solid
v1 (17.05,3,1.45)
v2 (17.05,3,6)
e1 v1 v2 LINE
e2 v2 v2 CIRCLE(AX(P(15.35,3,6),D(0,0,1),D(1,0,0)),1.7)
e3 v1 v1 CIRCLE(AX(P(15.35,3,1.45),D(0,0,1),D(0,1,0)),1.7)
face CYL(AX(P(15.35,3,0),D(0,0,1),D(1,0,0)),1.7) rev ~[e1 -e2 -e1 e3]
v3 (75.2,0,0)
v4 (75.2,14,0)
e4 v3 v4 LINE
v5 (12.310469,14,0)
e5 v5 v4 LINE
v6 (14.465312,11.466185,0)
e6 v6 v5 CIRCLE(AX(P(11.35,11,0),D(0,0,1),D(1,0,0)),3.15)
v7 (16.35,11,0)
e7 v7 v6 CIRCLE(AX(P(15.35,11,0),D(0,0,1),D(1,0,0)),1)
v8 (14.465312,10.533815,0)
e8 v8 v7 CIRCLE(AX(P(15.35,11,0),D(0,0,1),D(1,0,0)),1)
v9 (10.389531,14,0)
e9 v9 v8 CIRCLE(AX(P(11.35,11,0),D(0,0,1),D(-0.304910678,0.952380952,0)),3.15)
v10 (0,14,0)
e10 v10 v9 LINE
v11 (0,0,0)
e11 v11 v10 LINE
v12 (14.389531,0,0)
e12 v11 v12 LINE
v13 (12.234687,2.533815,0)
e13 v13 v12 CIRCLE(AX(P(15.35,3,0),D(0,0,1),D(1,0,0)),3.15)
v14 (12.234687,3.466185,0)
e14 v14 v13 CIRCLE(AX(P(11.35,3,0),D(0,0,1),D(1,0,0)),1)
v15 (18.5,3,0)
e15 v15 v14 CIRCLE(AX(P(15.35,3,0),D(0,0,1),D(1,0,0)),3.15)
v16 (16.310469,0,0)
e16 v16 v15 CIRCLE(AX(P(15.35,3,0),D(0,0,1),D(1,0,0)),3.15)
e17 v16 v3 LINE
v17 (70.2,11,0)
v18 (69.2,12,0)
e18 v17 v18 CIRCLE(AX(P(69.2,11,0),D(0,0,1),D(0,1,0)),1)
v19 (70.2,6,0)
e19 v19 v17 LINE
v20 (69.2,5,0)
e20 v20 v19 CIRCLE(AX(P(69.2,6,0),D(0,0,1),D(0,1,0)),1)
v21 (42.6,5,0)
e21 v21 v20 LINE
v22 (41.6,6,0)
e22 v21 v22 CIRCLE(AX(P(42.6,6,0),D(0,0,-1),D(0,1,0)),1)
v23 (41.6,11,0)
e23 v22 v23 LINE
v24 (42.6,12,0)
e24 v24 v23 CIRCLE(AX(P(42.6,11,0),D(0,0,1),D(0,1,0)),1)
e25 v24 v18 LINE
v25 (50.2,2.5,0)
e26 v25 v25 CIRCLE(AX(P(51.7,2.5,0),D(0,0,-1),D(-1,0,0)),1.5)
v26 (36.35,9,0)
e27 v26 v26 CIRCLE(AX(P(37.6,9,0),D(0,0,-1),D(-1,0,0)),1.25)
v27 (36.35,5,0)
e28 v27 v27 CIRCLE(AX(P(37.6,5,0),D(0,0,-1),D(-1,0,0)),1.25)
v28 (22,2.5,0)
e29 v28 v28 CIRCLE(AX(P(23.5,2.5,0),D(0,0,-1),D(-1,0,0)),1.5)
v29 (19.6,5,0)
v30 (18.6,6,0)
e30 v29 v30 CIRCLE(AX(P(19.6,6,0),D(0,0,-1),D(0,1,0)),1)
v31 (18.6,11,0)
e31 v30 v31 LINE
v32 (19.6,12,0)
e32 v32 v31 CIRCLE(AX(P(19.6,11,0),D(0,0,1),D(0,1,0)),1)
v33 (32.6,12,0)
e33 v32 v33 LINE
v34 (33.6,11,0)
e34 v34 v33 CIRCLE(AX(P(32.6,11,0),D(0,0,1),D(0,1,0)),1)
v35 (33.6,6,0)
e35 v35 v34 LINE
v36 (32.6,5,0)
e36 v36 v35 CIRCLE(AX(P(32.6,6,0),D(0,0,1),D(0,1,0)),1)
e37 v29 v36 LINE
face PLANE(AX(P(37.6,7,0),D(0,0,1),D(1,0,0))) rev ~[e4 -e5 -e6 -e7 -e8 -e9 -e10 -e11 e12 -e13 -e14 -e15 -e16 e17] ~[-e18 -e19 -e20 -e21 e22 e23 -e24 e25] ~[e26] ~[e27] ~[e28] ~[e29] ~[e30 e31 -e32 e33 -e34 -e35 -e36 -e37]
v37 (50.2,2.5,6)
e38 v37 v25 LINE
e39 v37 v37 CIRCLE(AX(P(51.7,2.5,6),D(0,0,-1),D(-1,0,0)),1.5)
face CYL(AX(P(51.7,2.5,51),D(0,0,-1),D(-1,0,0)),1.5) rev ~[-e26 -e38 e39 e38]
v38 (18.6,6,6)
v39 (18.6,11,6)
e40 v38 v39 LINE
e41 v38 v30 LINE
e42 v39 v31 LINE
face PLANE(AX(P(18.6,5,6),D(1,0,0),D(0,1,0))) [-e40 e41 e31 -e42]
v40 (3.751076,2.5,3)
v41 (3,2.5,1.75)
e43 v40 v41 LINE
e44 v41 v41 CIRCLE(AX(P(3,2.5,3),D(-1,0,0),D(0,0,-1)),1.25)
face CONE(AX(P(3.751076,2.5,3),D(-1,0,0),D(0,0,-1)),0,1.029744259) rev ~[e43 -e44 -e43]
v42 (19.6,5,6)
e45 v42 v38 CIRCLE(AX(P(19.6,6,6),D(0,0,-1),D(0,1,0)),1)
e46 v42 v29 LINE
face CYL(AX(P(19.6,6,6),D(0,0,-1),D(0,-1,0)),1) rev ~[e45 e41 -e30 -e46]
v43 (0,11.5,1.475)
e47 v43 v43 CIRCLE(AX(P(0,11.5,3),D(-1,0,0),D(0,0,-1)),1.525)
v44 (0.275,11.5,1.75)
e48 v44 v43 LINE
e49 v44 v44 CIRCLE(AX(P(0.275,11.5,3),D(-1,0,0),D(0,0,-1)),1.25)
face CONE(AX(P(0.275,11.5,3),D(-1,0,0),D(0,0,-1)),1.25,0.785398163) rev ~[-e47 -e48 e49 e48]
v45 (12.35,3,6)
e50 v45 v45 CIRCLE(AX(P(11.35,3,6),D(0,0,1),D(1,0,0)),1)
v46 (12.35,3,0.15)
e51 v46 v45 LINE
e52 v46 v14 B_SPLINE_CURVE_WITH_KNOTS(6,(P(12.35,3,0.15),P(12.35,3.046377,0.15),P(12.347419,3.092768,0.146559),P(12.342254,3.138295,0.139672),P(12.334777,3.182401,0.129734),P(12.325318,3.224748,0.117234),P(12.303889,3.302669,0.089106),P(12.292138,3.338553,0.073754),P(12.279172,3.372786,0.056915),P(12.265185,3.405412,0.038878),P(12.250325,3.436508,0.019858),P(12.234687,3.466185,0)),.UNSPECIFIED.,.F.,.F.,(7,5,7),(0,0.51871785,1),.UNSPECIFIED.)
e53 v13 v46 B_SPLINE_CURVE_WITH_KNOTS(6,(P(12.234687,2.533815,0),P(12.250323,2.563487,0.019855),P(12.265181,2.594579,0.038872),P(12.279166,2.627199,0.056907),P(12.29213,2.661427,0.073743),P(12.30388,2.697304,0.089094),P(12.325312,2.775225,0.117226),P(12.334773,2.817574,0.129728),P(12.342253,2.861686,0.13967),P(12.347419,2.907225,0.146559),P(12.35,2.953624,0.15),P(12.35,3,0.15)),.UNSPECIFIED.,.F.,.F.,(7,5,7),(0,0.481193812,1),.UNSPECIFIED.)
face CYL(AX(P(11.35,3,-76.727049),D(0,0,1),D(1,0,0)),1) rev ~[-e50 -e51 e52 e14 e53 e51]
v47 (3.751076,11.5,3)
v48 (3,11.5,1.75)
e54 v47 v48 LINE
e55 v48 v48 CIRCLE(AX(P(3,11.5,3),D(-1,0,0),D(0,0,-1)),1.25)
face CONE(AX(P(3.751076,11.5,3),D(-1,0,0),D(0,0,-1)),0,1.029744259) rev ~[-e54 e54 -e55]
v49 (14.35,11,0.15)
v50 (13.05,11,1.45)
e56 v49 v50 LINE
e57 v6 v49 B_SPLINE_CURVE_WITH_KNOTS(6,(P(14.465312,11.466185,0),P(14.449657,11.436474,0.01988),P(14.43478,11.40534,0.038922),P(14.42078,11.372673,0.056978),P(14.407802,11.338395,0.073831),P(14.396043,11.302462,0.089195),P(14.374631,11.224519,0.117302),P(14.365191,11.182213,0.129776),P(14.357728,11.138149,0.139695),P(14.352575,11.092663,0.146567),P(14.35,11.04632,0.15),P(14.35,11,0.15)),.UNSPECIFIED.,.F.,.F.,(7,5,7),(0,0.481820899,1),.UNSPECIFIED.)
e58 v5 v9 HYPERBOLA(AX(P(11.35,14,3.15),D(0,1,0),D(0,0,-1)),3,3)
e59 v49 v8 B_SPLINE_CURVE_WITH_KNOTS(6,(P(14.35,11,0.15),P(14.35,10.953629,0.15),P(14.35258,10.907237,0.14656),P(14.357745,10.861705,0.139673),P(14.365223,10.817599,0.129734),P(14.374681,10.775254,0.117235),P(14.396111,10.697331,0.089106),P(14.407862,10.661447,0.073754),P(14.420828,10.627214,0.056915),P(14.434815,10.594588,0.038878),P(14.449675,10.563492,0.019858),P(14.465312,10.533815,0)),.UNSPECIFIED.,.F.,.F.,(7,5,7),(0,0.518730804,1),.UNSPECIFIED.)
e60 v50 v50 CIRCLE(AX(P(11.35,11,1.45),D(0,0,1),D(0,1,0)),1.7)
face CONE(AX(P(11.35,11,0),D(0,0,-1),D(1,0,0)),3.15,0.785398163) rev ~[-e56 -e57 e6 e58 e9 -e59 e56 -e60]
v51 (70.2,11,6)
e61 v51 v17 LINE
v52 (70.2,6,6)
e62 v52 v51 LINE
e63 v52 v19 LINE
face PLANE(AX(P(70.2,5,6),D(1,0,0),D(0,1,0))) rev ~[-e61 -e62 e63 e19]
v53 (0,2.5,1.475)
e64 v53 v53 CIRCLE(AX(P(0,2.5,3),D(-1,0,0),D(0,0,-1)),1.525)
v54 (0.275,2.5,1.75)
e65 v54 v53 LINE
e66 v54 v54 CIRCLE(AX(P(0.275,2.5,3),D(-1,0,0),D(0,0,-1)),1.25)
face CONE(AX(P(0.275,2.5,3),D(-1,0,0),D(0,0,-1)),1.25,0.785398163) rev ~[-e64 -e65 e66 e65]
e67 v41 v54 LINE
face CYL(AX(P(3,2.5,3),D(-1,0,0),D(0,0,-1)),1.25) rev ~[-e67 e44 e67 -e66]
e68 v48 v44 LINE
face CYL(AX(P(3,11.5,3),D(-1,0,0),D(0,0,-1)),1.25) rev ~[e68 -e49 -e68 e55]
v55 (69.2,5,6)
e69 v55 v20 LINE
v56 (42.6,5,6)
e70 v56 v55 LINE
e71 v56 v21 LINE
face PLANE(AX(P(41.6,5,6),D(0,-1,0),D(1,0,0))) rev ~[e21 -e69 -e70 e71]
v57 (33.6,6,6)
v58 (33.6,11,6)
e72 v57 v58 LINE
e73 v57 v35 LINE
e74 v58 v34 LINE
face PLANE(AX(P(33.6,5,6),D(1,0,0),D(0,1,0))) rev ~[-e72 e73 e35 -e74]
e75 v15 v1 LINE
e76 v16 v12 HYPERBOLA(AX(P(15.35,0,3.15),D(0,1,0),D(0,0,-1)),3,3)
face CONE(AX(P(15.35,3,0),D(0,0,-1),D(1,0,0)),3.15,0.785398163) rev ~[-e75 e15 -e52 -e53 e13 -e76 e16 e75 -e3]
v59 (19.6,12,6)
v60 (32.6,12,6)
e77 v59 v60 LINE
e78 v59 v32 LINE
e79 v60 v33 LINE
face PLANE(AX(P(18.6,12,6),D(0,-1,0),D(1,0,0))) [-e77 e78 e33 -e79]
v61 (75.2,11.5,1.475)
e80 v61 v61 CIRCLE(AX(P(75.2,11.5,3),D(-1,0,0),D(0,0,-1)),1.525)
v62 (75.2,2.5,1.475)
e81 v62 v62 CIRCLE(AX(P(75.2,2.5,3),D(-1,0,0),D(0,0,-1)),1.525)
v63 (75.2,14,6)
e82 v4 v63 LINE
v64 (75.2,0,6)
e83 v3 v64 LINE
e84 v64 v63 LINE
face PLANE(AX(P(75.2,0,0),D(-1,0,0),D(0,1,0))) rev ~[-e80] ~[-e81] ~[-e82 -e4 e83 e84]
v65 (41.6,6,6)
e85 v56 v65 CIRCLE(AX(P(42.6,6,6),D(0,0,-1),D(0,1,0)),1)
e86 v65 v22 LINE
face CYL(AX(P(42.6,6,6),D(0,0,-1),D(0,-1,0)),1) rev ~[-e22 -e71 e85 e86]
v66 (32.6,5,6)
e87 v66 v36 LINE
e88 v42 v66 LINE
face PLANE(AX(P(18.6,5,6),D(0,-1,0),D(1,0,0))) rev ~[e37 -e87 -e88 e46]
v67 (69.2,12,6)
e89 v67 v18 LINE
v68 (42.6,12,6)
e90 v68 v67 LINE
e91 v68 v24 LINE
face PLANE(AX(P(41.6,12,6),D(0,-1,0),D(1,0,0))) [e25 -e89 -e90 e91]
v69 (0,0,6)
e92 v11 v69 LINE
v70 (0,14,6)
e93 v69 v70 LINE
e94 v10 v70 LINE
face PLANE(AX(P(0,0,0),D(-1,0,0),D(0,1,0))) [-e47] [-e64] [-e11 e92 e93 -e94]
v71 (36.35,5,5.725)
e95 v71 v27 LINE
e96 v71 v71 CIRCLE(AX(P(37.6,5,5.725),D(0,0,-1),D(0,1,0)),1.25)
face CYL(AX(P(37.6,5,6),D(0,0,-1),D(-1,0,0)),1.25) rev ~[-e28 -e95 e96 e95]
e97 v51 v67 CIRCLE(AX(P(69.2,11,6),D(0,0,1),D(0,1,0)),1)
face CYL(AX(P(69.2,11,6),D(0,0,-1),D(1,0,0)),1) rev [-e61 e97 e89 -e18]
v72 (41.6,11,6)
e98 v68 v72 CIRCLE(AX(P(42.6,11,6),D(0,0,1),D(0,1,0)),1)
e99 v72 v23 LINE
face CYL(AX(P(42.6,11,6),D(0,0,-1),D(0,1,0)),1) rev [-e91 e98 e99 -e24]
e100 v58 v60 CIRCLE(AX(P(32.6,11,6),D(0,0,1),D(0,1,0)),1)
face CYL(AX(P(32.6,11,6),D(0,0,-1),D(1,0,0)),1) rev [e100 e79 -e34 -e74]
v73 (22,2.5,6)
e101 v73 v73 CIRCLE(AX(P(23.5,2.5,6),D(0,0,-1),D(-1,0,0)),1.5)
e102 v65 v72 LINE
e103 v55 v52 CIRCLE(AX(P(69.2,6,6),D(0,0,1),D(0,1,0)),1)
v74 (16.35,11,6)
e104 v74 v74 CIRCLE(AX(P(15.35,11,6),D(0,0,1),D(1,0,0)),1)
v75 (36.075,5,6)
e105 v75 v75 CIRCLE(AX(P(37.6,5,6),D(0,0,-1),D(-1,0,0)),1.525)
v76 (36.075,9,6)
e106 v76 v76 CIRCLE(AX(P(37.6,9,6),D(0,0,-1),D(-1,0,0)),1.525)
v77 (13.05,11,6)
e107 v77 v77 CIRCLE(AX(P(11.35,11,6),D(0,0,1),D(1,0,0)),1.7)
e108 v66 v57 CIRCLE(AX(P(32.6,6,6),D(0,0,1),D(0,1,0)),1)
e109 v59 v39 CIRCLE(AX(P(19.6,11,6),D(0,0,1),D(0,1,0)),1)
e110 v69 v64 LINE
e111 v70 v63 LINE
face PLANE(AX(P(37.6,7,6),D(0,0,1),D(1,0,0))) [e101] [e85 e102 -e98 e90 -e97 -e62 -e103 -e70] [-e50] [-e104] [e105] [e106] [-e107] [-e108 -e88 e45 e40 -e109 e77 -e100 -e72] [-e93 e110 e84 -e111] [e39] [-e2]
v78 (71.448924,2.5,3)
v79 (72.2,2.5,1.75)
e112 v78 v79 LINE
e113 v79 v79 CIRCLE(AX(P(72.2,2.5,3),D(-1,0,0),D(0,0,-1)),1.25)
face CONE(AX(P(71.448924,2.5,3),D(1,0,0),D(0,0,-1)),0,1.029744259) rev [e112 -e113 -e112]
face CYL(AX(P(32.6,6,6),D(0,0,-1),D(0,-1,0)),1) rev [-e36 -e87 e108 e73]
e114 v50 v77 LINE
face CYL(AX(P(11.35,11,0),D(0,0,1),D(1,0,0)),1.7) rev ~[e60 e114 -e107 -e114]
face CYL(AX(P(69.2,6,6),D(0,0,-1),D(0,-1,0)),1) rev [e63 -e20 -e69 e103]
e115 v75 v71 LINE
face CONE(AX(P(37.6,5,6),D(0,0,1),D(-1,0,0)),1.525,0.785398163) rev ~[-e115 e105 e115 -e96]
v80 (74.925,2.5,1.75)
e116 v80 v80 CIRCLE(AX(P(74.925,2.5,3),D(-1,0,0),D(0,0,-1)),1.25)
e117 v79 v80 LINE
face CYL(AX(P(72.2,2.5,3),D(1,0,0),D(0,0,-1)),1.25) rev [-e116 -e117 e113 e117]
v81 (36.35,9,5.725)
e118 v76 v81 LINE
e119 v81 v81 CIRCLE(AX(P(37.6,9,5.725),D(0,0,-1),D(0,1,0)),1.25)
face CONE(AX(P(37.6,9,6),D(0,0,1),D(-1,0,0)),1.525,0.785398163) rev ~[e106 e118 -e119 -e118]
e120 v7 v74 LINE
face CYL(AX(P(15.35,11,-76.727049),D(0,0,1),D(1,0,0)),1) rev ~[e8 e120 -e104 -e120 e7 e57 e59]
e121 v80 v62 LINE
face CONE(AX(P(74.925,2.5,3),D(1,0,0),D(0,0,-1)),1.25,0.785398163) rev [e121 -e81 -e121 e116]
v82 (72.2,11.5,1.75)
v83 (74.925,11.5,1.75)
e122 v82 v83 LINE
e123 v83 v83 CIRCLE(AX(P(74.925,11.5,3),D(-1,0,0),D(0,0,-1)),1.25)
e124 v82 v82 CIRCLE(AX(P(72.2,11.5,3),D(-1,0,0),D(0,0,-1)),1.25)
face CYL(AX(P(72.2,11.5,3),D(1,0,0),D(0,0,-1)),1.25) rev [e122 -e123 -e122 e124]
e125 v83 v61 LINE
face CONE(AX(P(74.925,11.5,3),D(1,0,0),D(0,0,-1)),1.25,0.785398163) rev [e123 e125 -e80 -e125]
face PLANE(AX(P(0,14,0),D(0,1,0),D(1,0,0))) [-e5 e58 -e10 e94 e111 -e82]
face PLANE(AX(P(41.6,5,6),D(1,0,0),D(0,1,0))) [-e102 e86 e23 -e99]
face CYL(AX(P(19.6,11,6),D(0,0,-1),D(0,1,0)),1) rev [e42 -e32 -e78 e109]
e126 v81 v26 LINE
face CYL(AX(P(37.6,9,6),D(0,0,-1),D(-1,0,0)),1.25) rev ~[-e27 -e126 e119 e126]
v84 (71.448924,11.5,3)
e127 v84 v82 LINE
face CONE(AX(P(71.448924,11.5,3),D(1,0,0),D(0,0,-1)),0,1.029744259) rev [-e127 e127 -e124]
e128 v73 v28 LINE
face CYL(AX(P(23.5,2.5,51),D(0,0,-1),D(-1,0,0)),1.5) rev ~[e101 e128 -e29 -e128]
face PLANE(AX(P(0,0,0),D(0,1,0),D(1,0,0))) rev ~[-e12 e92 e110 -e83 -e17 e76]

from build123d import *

# Parameters (mm, degrees)
SKETCH1_W                                       = 75.2
SKETCH1_H                                       = 14
BOSS_EXTRUDE1_DEPTH                             = 6
SKETCH2_W                                       = 15
SKETCH2_H                                       = 7
SKETCH2_W_2                                     = 28.6
CUT_EXTRUDE1_DEPTH                              = 7
FILLET1_R                                       = 1
F_3_0_3_DIAMETER_HOLE1_D                        = 3
F_3_0_3_DIAMETER_HOLE1_DEPTH                    = 45
F_3_0_3_DIAMETER_HOLE1_TIP                      = 0.901290929
CSK_FOR_M3_FLAT_HEAD_MACHINE_SCREW1_D           = 3.4
CSK_FOR_M3_FLAT_HEAD_MACHINE_SCREW1_CSINK_D     = 6.3
CSK_FOR_M3_FLAT_HEAD_MACHINE_SCREW1_CSINK_ANGLE = 90
F_2_0_2_DIAMETER_HOLE1_D                        = 2
M3X0_5_TAPPED_HOLE1_AT_2_COUNT                  = 2
M3X0_5_TAPPED_HOLE1_AT_2_PITCH                  = 9
M3X0_5_TAPPED_HOLE2_D                           = 2.5
M3X0_5_TAPPED_HOLE2_CSINK_D                     = 3.05
M3X0_5_TAPPED_HOLE2_CSINK_ANGLE                 = 90


with BuildPart() as part:
    # Sketch1 → Boss-Extrude1 (new body)
    with BuildSketch(Plane.XY):
        with Locations((37.6, 7)):
            Rectangle(SKETCH1_W, SKETCH1_H)
    extrude(amount=BOSS_EXTRUDE1_DEPTH)

    # Sketch2 → Cut-Extrude1 (cut, through all)
    with BuildSketch(Plane.XY.offset(6)):
        with Locations((26.1, 8.5)):
            Rectangle(SKETCH2_W, SKETCH2_H)
        with Locations((55.9, 8.5)):
            Rectangle(SKETCH2_W_2, SKETCH2_H)
    extrude(amount=-CUT_EXTRUDE1_DEPTH, mode=Mode.SUBTRACT)

    # Fillet1
    fillet1_edges = [part.edges().sort_by_distance(p)[0] for p in [
        (18.6, 5, 3),
        (18.6, 12, 3),
        (33.6, 12, 3),
        (33.6, 5, 3),
        (41.6, 5, 3),
        (41.6, 12, 3),
        (70.2, 12, 3),
        (70.2, 5, 3),
    ]]
    fillet(fillet1_edges, radius=FILLET1_R)

    # Ø3.0 (3) Diameter Hole1
    with Locations(Plane.XY.offset(6)):
        with Locations((23.5, 2.5), (51.7, 2.5)):
            Hole(F_3_0_3_DIAMETER_HOLE1_D / 2, depth=F_3_0_3_DIAMETER_HOLE1_DEPTH)
            with Locations((0, 0, -(F_3_0_3_DIAMETER_HOLE1_DEPTH + F_3_0_3_DIAMETER_HOLE1_TIP / 2))):  # 118° drill point
                Cone(0, F_3_0_3_DIAMETER_HOLE1_D / 2, F_3_0_3_DIAMETER_HOLE1_TIP, mode=Mode.SUBTRACT)

    # CSK for M3 Flat Head Machine Screw1 (through all)
    with Locations(Plane(origin=(0, 0, 0), x_dir=(-1, 0, 0), z_dir=(0, 0, -1))):
        with Locations((-11.35, 11), (-15.35, 3)):
            CounterSinkHole(CSK_FOR_M3_FLAT_HEAD_MACHINE_SCREW1_D / 2, CSK_FOR_M3_FLAT_HEAD_MACHINE_SCREW1_CSINK_D / 2, counter_sink_angle=CSK_FOR_M3_FLAT_HEAD_MACHINE_SCREW1_CSINK_ANGLE)

    # Ø2.0 (2) Diameter Hole1 (through all)
    with Locations(Plane(origin=(0, 0, 0), x_dir=(-1, 0, 0), z_dir=(0, 0, -1))):
        with Locations((-15.35, 11), (-11.35, 3)):
            Hole(F_2_0_2_DIAMETER_HOLE1_D / 2)

    # Sketch12 → M3x0.5 Tapped Hole1 (revolve, cut)
    with BuildSketch(Plane(origin=(75.2, 11.5, 3), x_dir=(0, 0, -1), z_dir=(0, 1, 0))):
        Polygon((0, 0), (0, 3.751075774), (1.25, 3), (1.25, 0.275), (1.525, 0), align=None)
    m3x0_5_tapped_hole1 = revolve(axis=Axis((81.55, 11.5, 3), (-1, 0, 0)), mode=Mode.SUBTRACT)

    # M3x0.5 Tapped Hole1 at 2: M3x0.5 Tapped Hole1 ×2
    with Locations(*[(0, -i * M3X0_5_TAPPED_HOLE1_AT_2_PITCH, 0) for i in range(1, M3X0_5_TAPPED_HOLE1_AT_2_COUNT)]):
        add(m3x0_5_tapped_hole1, mode=Mode.SUBTRACT)

    # Mirror1: M3x0.5 Tapped Hole1 across plane
    add(m3x0_5_tapped_hole1.mirror(Plane(origin=(37.6, 0, 0), x_dir=(0, 0, 1), z_dir=(1, 0, 0))), mode=Mode.SUBTRACT)

    # Mirror1 copy 1 sketch → Mirror1 copy 1 (revolve, cut)
    with BuildSketch(Plane(origin=(0, 2.5, 3), x_dir=(0, 0, -1), z_dir=(0, 1, 0))):
        Polygon((0, 0), (0, -3.751075774), (1.25, -3), (1.25, -0.275), (1.525, 0), align=None)
    revolve(axis=Axis((-6.35, 2.5, 3), (-1, 0, 0)), mode=Mode.SUBTRACT)

    # M3x0.5 Tapped Hole2 (through all)
    with Locations(Plane.XY.offset(6)):
        with Locations((37.6, 9), (37.6, 5)):
            CounterSinkHole(M3X0_5_TAPPED_HOLE2_D / 2, M3X0_5_TAPPED_HOLE2_CSINK_D / 2, counter_sink_angle=M3X0_5_TAPPED_HOLE2_CSINK_ANGLE)


solid = part.part
